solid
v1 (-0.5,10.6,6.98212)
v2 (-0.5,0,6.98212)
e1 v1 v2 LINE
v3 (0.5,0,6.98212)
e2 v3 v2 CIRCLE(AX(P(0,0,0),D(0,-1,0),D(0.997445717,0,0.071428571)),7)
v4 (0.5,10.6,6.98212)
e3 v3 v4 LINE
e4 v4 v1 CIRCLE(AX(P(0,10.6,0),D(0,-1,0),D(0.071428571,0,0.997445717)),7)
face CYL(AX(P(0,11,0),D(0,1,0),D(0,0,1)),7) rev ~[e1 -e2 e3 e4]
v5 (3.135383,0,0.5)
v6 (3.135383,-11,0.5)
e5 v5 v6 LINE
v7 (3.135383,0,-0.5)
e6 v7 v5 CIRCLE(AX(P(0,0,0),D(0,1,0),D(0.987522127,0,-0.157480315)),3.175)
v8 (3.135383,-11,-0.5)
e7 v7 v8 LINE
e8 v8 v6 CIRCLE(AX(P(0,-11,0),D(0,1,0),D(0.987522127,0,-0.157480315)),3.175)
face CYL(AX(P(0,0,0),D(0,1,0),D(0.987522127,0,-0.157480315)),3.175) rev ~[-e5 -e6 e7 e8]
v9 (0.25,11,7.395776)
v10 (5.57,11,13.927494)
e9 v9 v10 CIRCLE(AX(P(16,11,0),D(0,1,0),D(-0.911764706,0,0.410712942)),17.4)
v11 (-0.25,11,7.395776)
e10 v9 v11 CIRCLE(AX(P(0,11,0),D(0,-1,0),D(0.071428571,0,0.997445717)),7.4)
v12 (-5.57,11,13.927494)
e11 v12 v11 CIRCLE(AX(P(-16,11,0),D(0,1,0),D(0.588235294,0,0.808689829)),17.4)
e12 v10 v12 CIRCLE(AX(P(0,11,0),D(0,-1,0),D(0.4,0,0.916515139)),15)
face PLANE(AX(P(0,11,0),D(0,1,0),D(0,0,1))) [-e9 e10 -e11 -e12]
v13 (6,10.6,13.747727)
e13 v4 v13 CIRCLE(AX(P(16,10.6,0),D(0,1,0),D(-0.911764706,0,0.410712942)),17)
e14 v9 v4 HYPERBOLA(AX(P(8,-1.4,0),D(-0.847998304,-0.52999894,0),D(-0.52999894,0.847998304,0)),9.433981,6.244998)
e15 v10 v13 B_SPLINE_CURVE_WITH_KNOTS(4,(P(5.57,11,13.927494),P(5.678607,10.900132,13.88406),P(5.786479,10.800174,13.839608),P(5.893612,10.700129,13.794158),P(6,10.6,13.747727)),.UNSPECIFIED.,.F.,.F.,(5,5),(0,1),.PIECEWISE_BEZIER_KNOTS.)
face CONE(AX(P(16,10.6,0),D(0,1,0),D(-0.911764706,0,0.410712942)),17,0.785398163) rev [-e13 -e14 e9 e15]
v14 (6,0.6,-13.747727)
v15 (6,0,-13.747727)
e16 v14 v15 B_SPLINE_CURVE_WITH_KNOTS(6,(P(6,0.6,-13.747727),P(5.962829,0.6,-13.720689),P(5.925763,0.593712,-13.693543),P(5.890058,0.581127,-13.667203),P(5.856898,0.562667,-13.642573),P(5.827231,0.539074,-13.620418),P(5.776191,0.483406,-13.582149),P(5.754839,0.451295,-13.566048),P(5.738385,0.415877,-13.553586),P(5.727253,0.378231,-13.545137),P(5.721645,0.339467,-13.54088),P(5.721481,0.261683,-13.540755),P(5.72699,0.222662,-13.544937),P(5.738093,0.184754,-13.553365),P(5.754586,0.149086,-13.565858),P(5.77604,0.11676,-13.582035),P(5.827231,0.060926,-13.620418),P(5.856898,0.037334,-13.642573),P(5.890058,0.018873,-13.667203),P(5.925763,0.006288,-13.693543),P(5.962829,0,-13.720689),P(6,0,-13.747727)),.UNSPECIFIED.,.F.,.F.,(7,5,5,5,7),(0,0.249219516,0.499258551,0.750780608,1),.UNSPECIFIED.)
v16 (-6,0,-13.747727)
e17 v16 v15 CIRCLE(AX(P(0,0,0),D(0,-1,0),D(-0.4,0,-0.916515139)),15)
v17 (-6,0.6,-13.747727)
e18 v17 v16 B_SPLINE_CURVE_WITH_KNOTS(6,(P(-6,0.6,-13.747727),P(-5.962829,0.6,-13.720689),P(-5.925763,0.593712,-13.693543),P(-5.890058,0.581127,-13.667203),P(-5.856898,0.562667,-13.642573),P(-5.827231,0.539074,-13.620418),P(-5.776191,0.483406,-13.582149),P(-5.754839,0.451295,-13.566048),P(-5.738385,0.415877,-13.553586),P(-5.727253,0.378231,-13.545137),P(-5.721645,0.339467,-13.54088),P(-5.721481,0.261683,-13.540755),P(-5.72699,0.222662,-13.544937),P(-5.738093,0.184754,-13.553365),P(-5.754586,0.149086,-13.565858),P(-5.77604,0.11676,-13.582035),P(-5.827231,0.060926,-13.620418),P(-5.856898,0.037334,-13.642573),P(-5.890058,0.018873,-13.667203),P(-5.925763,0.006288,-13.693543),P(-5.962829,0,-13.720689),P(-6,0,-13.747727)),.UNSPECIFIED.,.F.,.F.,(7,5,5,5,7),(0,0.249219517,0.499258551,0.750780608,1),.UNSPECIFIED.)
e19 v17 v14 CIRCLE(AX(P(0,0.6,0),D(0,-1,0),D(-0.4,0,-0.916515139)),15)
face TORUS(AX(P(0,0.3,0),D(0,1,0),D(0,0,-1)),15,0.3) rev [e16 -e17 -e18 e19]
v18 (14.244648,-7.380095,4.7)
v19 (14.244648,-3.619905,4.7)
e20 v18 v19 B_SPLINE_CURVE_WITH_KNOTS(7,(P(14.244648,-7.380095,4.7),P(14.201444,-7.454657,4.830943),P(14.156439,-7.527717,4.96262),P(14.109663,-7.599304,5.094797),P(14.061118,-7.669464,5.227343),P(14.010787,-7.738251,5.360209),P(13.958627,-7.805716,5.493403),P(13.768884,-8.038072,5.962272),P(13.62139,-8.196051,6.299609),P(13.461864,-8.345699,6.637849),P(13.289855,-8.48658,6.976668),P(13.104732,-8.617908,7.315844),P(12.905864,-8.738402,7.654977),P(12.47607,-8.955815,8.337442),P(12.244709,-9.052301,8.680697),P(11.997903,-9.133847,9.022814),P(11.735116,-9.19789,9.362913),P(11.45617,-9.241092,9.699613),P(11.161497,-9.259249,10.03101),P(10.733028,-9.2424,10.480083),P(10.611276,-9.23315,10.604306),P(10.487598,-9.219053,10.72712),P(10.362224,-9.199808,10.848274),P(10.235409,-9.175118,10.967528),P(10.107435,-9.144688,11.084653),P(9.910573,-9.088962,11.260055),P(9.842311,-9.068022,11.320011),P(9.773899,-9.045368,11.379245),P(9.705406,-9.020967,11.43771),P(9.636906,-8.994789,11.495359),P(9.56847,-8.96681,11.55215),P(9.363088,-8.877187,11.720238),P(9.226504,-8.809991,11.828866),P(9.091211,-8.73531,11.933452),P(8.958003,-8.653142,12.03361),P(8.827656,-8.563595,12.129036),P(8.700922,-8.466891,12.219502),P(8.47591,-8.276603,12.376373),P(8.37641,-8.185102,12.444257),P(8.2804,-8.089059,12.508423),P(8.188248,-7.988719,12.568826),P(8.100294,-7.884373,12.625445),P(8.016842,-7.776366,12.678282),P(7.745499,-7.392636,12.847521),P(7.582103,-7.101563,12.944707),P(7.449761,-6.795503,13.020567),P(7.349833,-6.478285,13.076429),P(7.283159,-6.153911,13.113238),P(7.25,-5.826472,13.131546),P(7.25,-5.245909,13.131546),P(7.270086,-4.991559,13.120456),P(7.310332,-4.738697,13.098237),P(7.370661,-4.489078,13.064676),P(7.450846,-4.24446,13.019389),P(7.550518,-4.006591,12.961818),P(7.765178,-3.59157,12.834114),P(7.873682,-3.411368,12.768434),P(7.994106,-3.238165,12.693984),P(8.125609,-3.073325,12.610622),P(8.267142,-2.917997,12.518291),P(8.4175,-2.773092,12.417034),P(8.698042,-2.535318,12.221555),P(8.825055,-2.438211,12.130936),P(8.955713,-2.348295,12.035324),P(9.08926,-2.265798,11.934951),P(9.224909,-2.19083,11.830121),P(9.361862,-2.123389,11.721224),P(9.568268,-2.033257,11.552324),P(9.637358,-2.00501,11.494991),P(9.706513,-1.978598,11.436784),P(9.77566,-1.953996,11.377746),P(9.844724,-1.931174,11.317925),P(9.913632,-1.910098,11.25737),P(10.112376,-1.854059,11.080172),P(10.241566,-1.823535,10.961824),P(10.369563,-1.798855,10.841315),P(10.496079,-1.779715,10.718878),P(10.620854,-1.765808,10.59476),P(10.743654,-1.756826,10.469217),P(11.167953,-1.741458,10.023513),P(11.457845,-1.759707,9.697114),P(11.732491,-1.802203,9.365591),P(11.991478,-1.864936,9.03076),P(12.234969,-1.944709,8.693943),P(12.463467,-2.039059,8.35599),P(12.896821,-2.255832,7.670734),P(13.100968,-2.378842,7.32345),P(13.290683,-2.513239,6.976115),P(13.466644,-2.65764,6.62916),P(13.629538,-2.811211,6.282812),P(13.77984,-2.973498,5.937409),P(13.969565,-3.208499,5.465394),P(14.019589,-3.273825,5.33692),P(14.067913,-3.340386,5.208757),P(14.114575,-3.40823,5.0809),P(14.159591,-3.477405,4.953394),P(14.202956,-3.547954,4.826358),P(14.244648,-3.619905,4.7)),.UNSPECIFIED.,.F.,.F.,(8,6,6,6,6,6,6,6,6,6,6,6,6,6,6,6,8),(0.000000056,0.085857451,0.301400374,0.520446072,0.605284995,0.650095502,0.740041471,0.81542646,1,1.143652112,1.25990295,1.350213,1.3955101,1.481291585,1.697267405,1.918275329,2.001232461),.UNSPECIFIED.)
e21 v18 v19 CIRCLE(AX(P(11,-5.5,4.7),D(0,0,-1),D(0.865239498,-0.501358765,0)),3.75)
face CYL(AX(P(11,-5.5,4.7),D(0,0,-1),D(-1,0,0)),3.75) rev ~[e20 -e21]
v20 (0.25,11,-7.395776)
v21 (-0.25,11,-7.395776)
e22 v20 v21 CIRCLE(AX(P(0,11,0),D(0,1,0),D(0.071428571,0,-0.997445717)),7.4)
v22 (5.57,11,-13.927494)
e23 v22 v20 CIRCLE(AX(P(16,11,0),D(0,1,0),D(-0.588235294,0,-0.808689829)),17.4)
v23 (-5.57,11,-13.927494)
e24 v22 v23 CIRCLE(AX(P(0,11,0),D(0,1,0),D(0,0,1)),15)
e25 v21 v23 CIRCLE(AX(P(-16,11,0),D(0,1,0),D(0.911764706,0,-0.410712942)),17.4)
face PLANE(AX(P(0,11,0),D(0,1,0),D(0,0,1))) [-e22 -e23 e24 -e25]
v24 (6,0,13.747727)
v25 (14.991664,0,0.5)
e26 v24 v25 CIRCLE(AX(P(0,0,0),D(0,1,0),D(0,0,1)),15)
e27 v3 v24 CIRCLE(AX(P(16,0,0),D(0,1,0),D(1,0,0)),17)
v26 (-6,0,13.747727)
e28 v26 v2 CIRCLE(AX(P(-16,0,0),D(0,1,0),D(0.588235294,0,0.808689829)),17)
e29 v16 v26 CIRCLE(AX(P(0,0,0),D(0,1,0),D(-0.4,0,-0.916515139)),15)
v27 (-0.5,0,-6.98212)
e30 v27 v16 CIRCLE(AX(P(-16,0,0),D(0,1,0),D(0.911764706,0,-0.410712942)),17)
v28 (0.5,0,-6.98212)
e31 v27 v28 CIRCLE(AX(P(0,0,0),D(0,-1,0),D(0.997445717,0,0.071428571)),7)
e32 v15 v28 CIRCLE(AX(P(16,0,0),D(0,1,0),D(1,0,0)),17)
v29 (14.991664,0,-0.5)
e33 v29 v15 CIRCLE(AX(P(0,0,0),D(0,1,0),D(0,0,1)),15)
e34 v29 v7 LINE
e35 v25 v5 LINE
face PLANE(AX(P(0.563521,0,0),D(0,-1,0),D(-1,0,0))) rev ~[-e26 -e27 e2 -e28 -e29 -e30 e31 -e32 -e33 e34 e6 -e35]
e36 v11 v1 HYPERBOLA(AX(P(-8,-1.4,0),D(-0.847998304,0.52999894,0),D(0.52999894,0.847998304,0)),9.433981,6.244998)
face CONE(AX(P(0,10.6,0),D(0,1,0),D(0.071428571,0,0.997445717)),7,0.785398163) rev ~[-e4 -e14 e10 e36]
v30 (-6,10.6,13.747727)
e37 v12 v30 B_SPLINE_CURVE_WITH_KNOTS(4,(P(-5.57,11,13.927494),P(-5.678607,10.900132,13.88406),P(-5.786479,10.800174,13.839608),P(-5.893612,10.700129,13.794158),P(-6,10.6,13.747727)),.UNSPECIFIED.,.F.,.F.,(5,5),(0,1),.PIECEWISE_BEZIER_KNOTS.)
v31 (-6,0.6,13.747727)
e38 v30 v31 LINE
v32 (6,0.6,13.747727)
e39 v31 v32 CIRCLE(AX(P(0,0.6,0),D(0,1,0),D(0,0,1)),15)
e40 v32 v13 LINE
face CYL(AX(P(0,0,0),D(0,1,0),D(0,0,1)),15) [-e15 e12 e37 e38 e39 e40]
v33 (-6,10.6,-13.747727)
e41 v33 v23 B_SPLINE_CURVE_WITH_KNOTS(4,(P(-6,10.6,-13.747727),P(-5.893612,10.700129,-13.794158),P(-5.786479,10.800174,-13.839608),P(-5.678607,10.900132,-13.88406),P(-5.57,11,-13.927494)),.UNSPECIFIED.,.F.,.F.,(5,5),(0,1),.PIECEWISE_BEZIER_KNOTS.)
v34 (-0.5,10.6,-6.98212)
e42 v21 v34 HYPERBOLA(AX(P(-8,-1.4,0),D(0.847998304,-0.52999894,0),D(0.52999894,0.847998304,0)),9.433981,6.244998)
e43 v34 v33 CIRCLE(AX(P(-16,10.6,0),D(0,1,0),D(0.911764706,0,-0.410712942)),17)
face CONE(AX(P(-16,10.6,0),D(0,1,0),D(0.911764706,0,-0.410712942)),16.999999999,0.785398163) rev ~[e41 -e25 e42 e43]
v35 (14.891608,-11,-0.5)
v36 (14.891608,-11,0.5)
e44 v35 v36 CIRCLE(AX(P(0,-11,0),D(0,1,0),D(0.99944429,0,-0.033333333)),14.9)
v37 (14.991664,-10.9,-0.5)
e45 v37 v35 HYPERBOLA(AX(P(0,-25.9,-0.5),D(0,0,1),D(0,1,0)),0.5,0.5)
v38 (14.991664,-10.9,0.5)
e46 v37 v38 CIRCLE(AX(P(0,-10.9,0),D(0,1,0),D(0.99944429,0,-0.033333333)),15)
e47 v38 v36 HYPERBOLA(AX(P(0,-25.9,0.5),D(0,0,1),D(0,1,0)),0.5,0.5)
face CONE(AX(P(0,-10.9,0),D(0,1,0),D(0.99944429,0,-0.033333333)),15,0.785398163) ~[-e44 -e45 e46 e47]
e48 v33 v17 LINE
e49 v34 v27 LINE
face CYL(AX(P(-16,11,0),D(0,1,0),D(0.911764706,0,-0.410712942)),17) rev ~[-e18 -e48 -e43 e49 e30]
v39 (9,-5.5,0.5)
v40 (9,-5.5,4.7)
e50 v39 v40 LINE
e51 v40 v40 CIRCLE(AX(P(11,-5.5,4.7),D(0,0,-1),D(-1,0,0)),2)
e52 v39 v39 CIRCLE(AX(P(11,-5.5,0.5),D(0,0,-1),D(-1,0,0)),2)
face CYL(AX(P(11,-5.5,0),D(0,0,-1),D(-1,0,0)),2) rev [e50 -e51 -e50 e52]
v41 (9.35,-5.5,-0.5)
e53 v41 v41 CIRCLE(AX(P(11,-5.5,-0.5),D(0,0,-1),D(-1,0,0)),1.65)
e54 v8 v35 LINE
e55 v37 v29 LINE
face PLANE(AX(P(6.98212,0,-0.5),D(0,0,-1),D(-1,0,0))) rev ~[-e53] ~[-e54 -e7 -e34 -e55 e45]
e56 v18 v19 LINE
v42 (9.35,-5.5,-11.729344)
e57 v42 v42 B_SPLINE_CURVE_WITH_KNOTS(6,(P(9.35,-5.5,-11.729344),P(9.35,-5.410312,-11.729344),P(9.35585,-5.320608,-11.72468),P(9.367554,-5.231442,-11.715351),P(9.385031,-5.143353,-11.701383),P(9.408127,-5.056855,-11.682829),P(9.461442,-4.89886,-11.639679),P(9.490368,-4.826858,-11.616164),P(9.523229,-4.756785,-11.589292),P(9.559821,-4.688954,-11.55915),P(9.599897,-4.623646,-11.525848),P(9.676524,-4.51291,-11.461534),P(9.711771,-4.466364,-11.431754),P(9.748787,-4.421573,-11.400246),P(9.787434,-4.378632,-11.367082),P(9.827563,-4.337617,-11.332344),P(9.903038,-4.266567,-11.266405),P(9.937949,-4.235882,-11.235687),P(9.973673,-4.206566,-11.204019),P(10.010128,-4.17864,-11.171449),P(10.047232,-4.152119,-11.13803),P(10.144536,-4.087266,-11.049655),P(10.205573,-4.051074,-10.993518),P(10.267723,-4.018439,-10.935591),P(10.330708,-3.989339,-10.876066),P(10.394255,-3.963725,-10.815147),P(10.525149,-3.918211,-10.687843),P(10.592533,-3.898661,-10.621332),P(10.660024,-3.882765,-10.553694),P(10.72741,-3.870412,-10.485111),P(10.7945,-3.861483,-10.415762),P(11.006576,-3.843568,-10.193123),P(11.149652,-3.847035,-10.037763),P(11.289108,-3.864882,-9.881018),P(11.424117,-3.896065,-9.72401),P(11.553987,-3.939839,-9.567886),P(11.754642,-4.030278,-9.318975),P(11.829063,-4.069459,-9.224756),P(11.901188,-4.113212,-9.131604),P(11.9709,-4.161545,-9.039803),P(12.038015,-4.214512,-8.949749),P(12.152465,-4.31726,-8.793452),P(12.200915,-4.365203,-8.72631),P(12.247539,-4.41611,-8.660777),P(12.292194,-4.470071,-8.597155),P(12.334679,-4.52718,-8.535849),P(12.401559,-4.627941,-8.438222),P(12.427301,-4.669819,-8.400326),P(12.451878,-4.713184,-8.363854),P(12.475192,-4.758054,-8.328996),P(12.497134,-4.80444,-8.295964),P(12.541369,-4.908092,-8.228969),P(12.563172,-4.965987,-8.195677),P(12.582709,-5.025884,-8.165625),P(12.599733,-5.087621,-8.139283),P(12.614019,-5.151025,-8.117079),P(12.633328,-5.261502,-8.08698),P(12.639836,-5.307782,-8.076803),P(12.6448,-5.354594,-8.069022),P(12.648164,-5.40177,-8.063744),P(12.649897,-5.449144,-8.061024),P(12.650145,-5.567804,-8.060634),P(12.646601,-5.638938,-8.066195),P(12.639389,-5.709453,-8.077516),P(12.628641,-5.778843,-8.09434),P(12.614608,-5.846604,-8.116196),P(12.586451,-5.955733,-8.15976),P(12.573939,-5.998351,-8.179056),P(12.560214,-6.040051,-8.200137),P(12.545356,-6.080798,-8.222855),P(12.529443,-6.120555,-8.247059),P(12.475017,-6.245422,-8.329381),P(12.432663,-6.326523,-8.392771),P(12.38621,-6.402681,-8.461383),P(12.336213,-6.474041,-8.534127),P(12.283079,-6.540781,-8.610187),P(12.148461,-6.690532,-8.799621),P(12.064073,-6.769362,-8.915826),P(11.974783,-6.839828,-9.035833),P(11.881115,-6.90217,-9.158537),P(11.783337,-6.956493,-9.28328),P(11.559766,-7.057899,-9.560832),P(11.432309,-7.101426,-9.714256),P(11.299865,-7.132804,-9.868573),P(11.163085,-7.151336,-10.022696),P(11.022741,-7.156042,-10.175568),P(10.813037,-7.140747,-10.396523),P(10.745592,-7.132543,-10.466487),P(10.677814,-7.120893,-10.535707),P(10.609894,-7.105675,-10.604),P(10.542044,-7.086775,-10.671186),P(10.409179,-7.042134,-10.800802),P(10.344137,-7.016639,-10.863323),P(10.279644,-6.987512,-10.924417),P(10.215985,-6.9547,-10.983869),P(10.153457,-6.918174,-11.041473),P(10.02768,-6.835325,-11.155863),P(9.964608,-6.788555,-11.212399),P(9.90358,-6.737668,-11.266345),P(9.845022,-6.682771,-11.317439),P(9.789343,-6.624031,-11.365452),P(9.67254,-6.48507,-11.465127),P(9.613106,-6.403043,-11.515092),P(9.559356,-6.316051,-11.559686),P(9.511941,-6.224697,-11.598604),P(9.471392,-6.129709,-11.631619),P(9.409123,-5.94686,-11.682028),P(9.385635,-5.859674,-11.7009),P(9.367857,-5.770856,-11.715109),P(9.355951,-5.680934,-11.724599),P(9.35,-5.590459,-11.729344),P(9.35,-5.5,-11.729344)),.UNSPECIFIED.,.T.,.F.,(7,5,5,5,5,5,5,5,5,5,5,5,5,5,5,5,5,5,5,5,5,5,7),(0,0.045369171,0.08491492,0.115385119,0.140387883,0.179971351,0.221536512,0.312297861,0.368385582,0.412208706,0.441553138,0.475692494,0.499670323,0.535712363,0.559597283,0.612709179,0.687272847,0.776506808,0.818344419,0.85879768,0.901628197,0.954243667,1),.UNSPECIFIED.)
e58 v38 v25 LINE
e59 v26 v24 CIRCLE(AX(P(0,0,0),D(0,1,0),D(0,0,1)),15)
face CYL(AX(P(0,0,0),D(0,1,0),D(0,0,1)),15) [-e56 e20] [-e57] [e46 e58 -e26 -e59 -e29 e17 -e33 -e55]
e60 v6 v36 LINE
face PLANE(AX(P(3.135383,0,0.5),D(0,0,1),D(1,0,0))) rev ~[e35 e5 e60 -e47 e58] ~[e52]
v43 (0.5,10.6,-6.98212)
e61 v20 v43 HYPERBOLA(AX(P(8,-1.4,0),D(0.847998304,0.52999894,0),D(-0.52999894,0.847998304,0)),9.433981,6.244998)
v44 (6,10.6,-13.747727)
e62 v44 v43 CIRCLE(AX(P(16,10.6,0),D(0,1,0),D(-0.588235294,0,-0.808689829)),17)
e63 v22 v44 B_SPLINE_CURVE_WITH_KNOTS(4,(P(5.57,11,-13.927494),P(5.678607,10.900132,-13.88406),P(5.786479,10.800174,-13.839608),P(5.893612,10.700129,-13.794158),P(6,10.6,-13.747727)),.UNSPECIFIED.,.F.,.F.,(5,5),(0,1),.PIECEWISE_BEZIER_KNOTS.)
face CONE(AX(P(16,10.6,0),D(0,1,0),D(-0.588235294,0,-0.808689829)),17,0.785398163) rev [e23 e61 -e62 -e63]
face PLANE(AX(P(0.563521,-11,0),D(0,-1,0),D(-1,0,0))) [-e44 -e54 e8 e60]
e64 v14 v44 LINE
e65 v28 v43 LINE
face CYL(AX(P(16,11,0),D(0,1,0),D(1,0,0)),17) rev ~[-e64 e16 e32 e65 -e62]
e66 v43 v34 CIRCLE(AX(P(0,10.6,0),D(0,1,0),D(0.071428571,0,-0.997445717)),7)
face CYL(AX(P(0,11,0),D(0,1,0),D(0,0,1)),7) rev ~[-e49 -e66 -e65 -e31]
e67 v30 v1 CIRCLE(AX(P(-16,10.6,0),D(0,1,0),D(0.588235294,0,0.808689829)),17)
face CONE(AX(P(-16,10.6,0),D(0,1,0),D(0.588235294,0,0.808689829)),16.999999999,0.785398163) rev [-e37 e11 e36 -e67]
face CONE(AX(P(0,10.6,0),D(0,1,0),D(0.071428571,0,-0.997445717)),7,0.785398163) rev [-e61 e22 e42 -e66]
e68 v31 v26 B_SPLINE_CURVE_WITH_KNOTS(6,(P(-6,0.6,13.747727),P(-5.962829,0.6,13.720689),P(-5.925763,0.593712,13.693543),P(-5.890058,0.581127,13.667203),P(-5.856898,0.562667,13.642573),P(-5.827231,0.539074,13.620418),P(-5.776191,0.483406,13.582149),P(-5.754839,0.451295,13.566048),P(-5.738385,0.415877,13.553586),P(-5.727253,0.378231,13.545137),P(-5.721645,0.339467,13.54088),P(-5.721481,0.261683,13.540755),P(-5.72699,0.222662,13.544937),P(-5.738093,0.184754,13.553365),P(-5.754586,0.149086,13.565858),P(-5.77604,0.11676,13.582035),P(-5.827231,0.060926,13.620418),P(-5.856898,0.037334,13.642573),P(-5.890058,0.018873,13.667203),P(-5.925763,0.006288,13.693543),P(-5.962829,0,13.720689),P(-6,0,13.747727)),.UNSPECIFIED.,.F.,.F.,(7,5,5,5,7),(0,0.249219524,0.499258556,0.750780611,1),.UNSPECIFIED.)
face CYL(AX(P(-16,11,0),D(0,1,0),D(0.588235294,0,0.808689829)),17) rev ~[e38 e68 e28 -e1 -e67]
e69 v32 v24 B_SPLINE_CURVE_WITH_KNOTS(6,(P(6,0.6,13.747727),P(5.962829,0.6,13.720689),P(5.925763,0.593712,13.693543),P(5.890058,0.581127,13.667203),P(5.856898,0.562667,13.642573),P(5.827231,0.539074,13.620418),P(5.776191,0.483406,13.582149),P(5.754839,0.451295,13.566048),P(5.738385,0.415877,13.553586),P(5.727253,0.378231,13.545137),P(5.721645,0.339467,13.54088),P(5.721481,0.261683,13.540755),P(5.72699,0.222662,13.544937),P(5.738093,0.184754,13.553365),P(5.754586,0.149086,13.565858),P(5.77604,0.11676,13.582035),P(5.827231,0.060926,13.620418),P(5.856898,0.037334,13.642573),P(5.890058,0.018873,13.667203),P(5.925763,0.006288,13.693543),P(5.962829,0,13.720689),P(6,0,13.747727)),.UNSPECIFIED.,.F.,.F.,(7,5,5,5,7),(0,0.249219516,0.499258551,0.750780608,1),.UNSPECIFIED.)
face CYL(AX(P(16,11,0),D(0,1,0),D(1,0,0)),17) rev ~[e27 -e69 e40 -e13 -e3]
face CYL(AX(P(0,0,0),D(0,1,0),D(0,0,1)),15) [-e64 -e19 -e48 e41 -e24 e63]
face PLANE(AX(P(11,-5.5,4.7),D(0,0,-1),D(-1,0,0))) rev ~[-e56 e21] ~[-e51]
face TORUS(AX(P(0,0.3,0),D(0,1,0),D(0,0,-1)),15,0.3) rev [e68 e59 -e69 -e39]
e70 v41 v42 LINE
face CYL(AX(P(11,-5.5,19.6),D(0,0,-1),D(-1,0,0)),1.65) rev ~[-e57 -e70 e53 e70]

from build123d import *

# Parameters (mm, degrees)
SKETCH1_R                   = 15
BOSS_EXTRUDE1_DEPTH         = 11
SKETCH2_R                   = 7
CUT_EXTRUDE1_DEPTH          = 23
SKETCH3_R                   = 17
CUT_EXTRUDE2_DEPTH          = 11
CUT_EXTRUDE3_DEPTH          = 11
SKETCH5_W                   = 16.165630516
SKETCH5_H                   = 1
CUT_EXTRUDE4_DEPTH          = 21
SKETCH6_R                   = 2
CUT_EXTRUDE5_DEPTH          = 21
CUT_EXTRUDE6_START          = -4.2
SKETCH7_R                   = 3.75
CUT_EXTRUDE6_DEPTH          = 21
M4_TAPPED_HOLE1_D           = 3.3
M4_TAPPED_HOLE1_DEPTH       = 20.1
M4_TAPPED_HOLE1_TIP         = 0.991420021
CHAMFER1_SIZE               = 0.4
SKETCH10_R                  = 0.3
CHAMFER2_SIZE               = 0.1
Y_KSEKLIK_EKSTR_ZYON1_DEPTH = 11


with BuildPart() as part:
    # Sketch1 → Boss-Extrude1 (new, symmetric)
    with BuildSketch(Plane(origin=(0, 0, 0), x_dir=(1, 0, 0), z_dir=(0, 1, 0))):
        with Locations(Location((0, 0, 0), (0, 0, 270))):
            Circle(SKETCH1_R)
    extrude(amount=BOSS_EXTRUDE1_DEPTH, both=True)

    # Sketch2 → Cut-Extrude1 (cut)
    with BuildSketch(Plane(origin=(0, 11, 0), x_dir=(1, 0, 0), z_dir=(0, 1, 0))):
        with Locations(Location((0, 0, 0), (0, 0, 270))):
            Circle(SKETCH2_R)
    extrude(amount=-CUT_EXTRUDE1_DEPTH, mode=Mode.SUBTRACT)

    # Sketch3 → Cut-Extrude2 (cut)
    with BuildSketch(Plane(origin=(0, 11, 0), x_dir=(1, 0, 0), z_dir=(0, 1, 0))):
        with Locations((16, 0)):
            Circle(SKETCH3_R)
    extrude(amount=-CUT_EXTRUDE2_DEPTH, mode=Mode.SUBTRACT)

    # Sketch4 → Cut-Extrude3 (cut)
    with BuildSketch(Plane(origin=(0, 11, 0), x_dir=(1, 0, 0), z_dir=(0, 1, 0))):
        with BuildLine():
            ThreePointArc((-6, 13.747727085), (-15, 0), (-6, -13.747727085))
            ThreePointArc((-6, -13.747727085), (-2.808871931, -10.72353208), (-0.5, -6.982120022))
            ThreePointArc((-0.5, -6.982120022), (-7, 0), (-0.5, 6.982120022))
            ThreePointArc((-0.5, 6.982120022), (-2.808871931, 10.72353208), (-6, 13.747727085))
        make_face()
    extrude(amount=-CUT_EXTRUDE3_DEPTH, mode=Mode.SUBTRACT)

    # Sketch5 → Cut-Extrude4 (cut)
    with BuildSketch(Plane(origin=(0, 0, 0), x_dir=(1, 0, 0), z_dir=(0, 1, 0))):
        with Locations((11.807437966, 0)):
            Rectangle(SKETCH5_W, SKETCH5_H)
    extrude(amount=-CUT_EXTRUDE4_DEPTH, mode=Mode.SUBTRACT)

    # Sketch6 → Cut-Extrude5 (cut)
    with BuildSketch(Plane.XY):
        with Locations(Location((11, -5.5, 0), (0, 0, 180))):
            Circle(SKETCH6_R)
    extrude(amount=CUT_EXTRUDE5_DEPTH, mode=Mode.SUBTRACT)

    # Sketch7 → Cut-Extrude6 (cut)
    with BuildSketch(Plane(origin=(0, 0, 0.5), x_dir=(-1, 0, 0), z_dir=(0, 0, -1)).offset(CUT_EXTRUDE6_START)):
        with Locations((-11, -5.5)):
            Circle(SKETCH7_R)
    extrude(amount=-CUT_EXTRUDE6_DEPTH, mode=Mode.SUBTRACT)

    # M4 Tapped Hole1
    with Locations(Plane.XY.offset(-0.5)):
        with Locations((11, -5.5)):
            Hole(M4_TAPPED_HOLE1_D / 2, depth=M4_TAPPED_HOLE1_DEPTH)
            with Locations((0, 0, -(M4_TAPPED_HOLE1_DEPTH + M4_TAPPED_HOLE1_TIP / 2))):  # 118° drill point
                Cone(0, M4_TAPPED_HOLE1_D / 2, M4_TAPPED_HOLE1_TIP, mode=Mode.SUBTRACT)

    # Chamfer1
    chamfer1_edges = [part.edges().sort_by_distance(p)[0] for p in [
        (0, 11, -7),
        (2.808871931, 11, 10.72353208),
        (2.808871931, 11, -10.72353208),
        (0, 11, 7),
        (-2.808871931, 11, -10.72353208),
        (-2.808871931, 11, 10.72353208),
    ]]
    chamfer(chamfer1_edges, length=CHAMFER1_SIZE)

    # Sketch10 → Cut-Revolve1 (revolve, cut)
    with BuildSketch(Plane(origin=(0, 0, 0), x_dir=(0, 0, -1), z_dir=(1, 0, 0))):
        with Locations((15, 0.3)):
            Circle(SKETCH10_R)
    revolve(axis=Axis((0, 3.360414074, 0), (0, -1, 0)), mode=Mode.SUBTRACT)

    # Chamfer2
    chamfer2_edges = [part.edges().sort_by_distance(p)[0] for p in [
        (-15, -11, 0),
    ]]
    chamfer(chamfer2_edges, length=CHAMFER2_SIZE)

    # Çizim1 → Yükseklik-Ekstrüzyon1 (add)
    with BuildSketch(Plane(origin=(0, 0, 0), x_dir=(1, 0, 0), z_dir=(0, 1, 0))):
        with BuildLine():
            Line((6.982120022, 0.5), (3.135382752, 0.5))
            ThreePointArc((3.135382752, 0.5), (-3.175, 0), (3.135382752, -0.5))
            Line((3.135382752, -0.5), (6.982120022, -0.5))
            ThreePointArc((6.982120022, -0.5), (-7, 0), (6.982120022, 0.5))
        make_face()
    extrude(amount=-Y_KSEKLIK_EKSTR_ZYON1_DEPTH)


solid = part.part
